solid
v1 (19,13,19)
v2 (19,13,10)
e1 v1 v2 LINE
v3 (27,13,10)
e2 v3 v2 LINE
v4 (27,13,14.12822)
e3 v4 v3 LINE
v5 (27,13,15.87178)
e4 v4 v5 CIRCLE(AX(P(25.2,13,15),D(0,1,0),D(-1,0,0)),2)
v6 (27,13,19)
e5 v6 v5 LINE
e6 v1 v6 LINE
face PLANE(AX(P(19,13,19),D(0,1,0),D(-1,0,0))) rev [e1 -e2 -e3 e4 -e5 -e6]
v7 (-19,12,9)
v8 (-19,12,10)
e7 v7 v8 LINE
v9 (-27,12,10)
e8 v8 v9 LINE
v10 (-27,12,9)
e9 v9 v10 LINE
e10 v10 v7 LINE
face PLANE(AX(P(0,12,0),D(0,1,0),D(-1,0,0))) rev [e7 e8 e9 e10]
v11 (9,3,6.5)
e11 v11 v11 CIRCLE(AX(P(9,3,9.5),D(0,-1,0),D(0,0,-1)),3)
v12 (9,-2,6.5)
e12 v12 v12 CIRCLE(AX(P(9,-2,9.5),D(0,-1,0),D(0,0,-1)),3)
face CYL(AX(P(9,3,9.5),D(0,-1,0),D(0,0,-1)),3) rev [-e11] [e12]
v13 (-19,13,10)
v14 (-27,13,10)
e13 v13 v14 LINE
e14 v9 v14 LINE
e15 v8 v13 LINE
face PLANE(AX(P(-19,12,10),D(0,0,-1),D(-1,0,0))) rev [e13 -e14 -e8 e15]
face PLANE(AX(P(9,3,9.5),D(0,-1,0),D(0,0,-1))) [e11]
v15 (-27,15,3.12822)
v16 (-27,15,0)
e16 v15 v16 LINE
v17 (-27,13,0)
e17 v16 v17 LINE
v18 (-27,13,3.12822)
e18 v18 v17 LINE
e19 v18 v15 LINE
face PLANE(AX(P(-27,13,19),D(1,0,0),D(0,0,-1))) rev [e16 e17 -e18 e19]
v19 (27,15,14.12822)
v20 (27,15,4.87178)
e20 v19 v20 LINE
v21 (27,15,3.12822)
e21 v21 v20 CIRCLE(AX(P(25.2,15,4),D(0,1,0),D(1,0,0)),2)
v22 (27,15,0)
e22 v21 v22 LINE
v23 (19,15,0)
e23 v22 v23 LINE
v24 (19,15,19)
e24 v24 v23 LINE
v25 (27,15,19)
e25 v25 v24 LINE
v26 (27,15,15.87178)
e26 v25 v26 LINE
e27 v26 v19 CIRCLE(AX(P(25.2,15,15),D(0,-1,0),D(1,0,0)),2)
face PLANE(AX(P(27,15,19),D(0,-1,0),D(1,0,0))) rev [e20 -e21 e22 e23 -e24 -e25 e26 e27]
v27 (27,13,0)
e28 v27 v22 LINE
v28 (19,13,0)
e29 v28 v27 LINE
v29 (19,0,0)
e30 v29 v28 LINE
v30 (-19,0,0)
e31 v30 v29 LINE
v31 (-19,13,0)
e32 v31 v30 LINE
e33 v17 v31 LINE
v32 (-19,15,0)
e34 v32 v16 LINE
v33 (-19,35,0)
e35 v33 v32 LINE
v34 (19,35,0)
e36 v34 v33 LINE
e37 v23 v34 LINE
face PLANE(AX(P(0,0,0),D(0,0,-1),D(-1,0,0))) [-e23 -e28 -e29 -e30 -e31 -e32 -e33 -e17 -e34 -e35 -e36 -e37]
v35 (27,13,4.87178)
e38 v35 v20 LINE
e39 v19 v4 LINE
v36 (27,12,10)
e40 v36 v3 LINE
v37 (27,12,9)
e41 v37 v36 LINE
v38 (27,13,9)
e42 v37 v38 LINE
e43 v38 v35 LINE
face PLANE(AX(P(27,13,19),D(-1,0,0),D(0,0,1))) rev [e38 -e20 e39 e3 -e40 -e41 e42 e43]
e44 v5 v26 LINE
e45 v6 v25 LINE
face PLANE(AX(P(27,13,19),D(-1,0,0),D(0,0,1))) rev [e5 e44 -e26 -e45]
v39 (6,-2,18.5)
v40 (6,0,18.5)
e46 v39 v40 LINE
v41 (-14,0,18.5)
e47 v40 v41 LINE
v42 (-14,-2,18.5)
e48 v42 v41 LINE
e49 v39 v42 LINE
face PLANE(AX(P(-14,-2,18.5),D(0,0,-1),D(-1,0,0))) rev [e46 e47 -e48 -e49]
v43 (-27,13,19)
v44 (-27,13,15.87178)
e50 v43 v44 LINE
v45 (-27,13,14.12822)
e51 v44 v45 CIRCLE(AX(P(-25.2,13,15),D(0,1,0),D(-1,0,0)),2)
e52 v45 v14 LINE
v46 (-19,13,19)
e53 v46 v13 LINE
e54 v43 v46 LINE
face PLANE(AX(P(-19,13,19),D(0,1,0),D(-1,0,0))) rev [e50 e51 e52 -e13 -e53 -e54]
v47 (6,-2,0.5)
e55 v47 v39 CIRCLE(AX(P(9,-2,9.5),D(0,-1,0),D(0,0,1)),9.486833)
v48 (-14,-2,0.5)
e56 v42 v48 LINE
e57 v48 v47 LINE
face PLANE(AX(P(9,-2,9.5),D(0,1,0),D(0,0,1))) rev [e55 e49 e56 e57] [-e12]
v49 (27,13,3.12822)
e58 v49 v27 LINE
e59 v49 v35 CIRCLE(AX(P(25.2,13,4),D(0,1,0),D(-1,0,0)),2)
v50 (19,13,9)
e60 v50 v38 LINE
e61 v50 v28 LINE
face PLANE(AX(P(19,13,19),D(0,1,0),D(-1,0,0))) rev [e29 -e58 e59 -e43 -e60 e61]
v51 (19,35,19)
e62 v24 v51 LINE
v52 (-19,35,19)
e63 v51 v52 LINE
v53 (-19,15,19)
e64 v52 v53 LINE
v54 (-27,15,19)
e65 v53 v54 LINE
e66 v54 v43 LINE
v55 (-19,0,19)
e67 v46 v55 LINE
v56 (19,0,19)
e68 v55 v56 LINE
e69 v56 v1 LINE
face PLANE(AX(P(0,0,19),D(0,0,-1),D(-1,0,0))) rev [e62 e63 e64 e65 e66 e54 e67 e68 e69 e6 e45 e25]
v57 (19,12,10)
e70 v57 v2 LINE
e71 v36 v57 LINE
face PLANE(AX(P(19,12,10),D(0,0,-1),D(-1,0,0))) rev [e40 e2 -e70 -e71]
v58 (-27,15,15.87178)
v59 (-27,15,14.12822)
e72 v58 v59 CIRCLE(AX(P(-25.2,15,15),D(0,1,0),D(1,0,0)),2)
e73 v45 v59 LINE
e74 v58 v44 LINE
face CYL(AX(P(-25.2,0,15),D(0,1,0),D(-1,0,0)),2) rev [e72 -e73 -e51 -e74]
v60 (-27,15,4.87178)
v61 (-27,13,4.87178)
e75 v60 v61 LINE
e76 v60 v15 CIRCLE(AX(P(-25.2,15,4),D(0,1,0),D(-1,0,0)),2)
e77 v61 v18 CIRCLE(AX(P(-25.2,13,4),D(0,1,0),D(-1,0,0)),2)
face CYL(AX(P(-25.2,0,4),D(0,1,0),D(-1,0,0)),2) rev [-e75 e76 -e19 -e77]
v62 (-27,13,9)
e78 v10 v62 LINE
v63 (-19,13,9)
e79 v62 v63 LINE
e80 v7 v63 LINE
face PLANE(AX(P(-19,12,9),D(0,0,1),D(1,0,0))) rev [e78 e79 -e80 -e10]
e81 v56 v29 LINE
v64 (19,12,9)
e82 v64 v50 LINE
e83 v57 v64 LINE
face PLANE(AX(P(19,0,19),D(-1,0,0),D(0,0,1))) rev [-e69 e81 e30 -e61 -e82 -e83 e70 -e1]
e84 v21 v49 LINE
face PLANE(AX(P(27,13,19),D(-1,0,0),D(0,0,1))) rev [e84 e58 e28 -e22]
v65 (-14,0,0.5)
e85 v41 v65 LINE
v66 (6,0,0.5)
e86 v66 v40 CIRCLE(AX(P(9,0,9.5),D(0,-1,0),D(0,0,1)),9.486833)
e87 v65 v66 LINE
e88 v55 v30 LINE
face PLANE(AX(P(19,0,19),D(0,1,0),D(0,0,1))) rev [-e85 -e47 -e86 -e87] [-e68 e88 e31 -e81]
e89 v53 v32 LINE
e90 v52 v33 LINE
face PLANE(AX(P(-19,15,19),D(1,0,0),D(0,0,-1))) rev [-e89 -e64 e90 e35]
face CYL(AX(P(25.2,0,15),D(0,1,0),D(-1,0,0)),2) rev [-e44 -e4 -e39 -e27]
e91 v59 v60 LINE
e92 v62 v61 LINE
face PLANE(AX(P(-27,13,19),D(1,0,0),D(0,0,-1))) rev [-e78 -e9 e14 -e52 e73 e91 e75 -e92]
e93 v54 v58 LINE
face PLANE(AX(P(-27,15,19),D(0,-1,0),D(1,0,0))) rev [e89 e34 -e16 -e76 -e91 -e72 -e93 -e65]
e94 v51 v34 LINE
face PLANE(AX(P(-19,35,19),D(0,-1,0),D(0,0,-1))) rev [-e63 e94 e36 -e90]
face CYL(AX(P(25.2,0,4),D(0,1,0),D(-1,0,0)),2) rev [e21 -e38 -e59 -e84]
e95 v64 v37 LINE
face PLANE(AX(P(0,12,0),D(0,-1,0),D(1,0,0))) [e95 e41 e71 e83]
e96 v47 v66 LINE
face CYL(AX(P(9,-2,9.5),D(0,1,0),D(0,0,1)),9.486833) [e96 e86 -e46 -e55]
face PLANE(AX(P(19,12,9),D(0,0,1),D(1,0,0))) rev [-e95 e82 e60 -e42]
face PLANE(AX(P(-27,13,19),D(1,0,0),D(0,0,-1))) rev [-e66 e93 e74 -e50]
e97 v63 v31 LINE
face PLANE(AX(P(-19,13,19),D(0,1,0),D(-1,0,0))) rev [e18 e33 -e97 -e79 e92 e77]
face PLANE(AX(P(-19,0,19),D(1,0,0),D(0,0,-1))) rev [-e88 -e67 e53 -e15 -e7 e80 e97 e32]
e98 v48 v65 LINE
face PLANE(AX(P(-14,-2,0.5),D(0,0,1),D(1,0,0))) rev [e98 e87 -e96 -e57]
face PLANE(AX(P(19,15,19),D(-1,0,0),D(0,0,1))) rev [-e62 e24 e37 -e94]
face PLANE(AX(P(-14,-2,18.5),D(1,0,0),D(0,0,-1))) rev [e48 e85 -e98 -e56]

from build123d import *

# Parameters (mm, degrees)
BOSS_EXTRUDE1_DEPTH  = 19
SKETCH6_R            = 2
CUT_EXTRUDE2_DEPTH   = 16
SKETCH10_W           = 8
SKETCH10_H           = 1
BOSS_EXTRUDE14_DEPTH = 1
BOSS_EXTRUDE15_DEPTH = 2
SKETCH13_R           = 3
CUT_EXTRUDE3_DEPTH   = 5


with BuildPart() as part:
    # Sketch1 → Boss-Extrude1 (new body)
    with BuildSketch(Plane.XY):
        Polygon((19, 0), (-19, 0), (-19, 13), (-27, 13), (-27, 15), (-19, 15), (-19, 35), (19, 35), (19, 15), (27, 15), (27, 13), (19, 13), align=None)
    extrude(amount=BOSS_EXTRUDE1_DEPTH)

    # Sketch6 → Cut-Extrude2 (cut, through all)
    with BuildSketch(Plane(origin=(0, 15, 0), x_dir=(1, 0, 0), z_dir=(0, 1, 0))):
        with Locations((25.2, -15)):
            Circle(SKETCH6_R)
        with Locations((25.2, -4)):
            Circle(SKETCH6_R)
        with Locations((-25.2, -4)):
            Circle(SKETCH6_R)
        with Locations((-25.2, -15)):
            Circle(SKETCH6_R)
    extrude(amount=-CUT_EXTRUDE2_DEPTH, mode=Mode.SUBTRACT)

    # Sketch10 → Boss-Extrude14 (add)
    with BuildSketch(Plane.XZ.offset(-13)):
        with Locations((-23, 9.5)):
            Rectangle(SKETCH10_W, SKETCH10_H)
        with Locations((23, 9.5)):
            Rectangle(SKETCH10_W, SKETCH10_H)
    extrude(amount=BOSS_EXTRUDE14_DEPTH)

    # Sketch12 → Boss-Extrude15 (add)
    with BuildSketch(Plane.XZ):
        with BuildLine():
            Line((-14, 18.5), (6, 18.5))
            ThreePointArc((6, 18.5), (18.486832981, 9.5), (6, 0.5))
            Line((6, 0.5), (-14, 0.5))
            Line((-14, 0.5), (-14, 18.5))
        make_face()
    extrude(amount=BOSS_EXTRUDE15_DEPTH)

    # Sketch13 → Cut-Extrude3 (cut)
    with BuildSketch(Plane.XZ.offset(2)):
        with Locations((9, 9.5)):
            Circle(SKETCH13_R)
    extrude(amount=-CUT_EXTRUDE3_DEPTH, mode=Mode.SUBTRACT)


solid = part.part
